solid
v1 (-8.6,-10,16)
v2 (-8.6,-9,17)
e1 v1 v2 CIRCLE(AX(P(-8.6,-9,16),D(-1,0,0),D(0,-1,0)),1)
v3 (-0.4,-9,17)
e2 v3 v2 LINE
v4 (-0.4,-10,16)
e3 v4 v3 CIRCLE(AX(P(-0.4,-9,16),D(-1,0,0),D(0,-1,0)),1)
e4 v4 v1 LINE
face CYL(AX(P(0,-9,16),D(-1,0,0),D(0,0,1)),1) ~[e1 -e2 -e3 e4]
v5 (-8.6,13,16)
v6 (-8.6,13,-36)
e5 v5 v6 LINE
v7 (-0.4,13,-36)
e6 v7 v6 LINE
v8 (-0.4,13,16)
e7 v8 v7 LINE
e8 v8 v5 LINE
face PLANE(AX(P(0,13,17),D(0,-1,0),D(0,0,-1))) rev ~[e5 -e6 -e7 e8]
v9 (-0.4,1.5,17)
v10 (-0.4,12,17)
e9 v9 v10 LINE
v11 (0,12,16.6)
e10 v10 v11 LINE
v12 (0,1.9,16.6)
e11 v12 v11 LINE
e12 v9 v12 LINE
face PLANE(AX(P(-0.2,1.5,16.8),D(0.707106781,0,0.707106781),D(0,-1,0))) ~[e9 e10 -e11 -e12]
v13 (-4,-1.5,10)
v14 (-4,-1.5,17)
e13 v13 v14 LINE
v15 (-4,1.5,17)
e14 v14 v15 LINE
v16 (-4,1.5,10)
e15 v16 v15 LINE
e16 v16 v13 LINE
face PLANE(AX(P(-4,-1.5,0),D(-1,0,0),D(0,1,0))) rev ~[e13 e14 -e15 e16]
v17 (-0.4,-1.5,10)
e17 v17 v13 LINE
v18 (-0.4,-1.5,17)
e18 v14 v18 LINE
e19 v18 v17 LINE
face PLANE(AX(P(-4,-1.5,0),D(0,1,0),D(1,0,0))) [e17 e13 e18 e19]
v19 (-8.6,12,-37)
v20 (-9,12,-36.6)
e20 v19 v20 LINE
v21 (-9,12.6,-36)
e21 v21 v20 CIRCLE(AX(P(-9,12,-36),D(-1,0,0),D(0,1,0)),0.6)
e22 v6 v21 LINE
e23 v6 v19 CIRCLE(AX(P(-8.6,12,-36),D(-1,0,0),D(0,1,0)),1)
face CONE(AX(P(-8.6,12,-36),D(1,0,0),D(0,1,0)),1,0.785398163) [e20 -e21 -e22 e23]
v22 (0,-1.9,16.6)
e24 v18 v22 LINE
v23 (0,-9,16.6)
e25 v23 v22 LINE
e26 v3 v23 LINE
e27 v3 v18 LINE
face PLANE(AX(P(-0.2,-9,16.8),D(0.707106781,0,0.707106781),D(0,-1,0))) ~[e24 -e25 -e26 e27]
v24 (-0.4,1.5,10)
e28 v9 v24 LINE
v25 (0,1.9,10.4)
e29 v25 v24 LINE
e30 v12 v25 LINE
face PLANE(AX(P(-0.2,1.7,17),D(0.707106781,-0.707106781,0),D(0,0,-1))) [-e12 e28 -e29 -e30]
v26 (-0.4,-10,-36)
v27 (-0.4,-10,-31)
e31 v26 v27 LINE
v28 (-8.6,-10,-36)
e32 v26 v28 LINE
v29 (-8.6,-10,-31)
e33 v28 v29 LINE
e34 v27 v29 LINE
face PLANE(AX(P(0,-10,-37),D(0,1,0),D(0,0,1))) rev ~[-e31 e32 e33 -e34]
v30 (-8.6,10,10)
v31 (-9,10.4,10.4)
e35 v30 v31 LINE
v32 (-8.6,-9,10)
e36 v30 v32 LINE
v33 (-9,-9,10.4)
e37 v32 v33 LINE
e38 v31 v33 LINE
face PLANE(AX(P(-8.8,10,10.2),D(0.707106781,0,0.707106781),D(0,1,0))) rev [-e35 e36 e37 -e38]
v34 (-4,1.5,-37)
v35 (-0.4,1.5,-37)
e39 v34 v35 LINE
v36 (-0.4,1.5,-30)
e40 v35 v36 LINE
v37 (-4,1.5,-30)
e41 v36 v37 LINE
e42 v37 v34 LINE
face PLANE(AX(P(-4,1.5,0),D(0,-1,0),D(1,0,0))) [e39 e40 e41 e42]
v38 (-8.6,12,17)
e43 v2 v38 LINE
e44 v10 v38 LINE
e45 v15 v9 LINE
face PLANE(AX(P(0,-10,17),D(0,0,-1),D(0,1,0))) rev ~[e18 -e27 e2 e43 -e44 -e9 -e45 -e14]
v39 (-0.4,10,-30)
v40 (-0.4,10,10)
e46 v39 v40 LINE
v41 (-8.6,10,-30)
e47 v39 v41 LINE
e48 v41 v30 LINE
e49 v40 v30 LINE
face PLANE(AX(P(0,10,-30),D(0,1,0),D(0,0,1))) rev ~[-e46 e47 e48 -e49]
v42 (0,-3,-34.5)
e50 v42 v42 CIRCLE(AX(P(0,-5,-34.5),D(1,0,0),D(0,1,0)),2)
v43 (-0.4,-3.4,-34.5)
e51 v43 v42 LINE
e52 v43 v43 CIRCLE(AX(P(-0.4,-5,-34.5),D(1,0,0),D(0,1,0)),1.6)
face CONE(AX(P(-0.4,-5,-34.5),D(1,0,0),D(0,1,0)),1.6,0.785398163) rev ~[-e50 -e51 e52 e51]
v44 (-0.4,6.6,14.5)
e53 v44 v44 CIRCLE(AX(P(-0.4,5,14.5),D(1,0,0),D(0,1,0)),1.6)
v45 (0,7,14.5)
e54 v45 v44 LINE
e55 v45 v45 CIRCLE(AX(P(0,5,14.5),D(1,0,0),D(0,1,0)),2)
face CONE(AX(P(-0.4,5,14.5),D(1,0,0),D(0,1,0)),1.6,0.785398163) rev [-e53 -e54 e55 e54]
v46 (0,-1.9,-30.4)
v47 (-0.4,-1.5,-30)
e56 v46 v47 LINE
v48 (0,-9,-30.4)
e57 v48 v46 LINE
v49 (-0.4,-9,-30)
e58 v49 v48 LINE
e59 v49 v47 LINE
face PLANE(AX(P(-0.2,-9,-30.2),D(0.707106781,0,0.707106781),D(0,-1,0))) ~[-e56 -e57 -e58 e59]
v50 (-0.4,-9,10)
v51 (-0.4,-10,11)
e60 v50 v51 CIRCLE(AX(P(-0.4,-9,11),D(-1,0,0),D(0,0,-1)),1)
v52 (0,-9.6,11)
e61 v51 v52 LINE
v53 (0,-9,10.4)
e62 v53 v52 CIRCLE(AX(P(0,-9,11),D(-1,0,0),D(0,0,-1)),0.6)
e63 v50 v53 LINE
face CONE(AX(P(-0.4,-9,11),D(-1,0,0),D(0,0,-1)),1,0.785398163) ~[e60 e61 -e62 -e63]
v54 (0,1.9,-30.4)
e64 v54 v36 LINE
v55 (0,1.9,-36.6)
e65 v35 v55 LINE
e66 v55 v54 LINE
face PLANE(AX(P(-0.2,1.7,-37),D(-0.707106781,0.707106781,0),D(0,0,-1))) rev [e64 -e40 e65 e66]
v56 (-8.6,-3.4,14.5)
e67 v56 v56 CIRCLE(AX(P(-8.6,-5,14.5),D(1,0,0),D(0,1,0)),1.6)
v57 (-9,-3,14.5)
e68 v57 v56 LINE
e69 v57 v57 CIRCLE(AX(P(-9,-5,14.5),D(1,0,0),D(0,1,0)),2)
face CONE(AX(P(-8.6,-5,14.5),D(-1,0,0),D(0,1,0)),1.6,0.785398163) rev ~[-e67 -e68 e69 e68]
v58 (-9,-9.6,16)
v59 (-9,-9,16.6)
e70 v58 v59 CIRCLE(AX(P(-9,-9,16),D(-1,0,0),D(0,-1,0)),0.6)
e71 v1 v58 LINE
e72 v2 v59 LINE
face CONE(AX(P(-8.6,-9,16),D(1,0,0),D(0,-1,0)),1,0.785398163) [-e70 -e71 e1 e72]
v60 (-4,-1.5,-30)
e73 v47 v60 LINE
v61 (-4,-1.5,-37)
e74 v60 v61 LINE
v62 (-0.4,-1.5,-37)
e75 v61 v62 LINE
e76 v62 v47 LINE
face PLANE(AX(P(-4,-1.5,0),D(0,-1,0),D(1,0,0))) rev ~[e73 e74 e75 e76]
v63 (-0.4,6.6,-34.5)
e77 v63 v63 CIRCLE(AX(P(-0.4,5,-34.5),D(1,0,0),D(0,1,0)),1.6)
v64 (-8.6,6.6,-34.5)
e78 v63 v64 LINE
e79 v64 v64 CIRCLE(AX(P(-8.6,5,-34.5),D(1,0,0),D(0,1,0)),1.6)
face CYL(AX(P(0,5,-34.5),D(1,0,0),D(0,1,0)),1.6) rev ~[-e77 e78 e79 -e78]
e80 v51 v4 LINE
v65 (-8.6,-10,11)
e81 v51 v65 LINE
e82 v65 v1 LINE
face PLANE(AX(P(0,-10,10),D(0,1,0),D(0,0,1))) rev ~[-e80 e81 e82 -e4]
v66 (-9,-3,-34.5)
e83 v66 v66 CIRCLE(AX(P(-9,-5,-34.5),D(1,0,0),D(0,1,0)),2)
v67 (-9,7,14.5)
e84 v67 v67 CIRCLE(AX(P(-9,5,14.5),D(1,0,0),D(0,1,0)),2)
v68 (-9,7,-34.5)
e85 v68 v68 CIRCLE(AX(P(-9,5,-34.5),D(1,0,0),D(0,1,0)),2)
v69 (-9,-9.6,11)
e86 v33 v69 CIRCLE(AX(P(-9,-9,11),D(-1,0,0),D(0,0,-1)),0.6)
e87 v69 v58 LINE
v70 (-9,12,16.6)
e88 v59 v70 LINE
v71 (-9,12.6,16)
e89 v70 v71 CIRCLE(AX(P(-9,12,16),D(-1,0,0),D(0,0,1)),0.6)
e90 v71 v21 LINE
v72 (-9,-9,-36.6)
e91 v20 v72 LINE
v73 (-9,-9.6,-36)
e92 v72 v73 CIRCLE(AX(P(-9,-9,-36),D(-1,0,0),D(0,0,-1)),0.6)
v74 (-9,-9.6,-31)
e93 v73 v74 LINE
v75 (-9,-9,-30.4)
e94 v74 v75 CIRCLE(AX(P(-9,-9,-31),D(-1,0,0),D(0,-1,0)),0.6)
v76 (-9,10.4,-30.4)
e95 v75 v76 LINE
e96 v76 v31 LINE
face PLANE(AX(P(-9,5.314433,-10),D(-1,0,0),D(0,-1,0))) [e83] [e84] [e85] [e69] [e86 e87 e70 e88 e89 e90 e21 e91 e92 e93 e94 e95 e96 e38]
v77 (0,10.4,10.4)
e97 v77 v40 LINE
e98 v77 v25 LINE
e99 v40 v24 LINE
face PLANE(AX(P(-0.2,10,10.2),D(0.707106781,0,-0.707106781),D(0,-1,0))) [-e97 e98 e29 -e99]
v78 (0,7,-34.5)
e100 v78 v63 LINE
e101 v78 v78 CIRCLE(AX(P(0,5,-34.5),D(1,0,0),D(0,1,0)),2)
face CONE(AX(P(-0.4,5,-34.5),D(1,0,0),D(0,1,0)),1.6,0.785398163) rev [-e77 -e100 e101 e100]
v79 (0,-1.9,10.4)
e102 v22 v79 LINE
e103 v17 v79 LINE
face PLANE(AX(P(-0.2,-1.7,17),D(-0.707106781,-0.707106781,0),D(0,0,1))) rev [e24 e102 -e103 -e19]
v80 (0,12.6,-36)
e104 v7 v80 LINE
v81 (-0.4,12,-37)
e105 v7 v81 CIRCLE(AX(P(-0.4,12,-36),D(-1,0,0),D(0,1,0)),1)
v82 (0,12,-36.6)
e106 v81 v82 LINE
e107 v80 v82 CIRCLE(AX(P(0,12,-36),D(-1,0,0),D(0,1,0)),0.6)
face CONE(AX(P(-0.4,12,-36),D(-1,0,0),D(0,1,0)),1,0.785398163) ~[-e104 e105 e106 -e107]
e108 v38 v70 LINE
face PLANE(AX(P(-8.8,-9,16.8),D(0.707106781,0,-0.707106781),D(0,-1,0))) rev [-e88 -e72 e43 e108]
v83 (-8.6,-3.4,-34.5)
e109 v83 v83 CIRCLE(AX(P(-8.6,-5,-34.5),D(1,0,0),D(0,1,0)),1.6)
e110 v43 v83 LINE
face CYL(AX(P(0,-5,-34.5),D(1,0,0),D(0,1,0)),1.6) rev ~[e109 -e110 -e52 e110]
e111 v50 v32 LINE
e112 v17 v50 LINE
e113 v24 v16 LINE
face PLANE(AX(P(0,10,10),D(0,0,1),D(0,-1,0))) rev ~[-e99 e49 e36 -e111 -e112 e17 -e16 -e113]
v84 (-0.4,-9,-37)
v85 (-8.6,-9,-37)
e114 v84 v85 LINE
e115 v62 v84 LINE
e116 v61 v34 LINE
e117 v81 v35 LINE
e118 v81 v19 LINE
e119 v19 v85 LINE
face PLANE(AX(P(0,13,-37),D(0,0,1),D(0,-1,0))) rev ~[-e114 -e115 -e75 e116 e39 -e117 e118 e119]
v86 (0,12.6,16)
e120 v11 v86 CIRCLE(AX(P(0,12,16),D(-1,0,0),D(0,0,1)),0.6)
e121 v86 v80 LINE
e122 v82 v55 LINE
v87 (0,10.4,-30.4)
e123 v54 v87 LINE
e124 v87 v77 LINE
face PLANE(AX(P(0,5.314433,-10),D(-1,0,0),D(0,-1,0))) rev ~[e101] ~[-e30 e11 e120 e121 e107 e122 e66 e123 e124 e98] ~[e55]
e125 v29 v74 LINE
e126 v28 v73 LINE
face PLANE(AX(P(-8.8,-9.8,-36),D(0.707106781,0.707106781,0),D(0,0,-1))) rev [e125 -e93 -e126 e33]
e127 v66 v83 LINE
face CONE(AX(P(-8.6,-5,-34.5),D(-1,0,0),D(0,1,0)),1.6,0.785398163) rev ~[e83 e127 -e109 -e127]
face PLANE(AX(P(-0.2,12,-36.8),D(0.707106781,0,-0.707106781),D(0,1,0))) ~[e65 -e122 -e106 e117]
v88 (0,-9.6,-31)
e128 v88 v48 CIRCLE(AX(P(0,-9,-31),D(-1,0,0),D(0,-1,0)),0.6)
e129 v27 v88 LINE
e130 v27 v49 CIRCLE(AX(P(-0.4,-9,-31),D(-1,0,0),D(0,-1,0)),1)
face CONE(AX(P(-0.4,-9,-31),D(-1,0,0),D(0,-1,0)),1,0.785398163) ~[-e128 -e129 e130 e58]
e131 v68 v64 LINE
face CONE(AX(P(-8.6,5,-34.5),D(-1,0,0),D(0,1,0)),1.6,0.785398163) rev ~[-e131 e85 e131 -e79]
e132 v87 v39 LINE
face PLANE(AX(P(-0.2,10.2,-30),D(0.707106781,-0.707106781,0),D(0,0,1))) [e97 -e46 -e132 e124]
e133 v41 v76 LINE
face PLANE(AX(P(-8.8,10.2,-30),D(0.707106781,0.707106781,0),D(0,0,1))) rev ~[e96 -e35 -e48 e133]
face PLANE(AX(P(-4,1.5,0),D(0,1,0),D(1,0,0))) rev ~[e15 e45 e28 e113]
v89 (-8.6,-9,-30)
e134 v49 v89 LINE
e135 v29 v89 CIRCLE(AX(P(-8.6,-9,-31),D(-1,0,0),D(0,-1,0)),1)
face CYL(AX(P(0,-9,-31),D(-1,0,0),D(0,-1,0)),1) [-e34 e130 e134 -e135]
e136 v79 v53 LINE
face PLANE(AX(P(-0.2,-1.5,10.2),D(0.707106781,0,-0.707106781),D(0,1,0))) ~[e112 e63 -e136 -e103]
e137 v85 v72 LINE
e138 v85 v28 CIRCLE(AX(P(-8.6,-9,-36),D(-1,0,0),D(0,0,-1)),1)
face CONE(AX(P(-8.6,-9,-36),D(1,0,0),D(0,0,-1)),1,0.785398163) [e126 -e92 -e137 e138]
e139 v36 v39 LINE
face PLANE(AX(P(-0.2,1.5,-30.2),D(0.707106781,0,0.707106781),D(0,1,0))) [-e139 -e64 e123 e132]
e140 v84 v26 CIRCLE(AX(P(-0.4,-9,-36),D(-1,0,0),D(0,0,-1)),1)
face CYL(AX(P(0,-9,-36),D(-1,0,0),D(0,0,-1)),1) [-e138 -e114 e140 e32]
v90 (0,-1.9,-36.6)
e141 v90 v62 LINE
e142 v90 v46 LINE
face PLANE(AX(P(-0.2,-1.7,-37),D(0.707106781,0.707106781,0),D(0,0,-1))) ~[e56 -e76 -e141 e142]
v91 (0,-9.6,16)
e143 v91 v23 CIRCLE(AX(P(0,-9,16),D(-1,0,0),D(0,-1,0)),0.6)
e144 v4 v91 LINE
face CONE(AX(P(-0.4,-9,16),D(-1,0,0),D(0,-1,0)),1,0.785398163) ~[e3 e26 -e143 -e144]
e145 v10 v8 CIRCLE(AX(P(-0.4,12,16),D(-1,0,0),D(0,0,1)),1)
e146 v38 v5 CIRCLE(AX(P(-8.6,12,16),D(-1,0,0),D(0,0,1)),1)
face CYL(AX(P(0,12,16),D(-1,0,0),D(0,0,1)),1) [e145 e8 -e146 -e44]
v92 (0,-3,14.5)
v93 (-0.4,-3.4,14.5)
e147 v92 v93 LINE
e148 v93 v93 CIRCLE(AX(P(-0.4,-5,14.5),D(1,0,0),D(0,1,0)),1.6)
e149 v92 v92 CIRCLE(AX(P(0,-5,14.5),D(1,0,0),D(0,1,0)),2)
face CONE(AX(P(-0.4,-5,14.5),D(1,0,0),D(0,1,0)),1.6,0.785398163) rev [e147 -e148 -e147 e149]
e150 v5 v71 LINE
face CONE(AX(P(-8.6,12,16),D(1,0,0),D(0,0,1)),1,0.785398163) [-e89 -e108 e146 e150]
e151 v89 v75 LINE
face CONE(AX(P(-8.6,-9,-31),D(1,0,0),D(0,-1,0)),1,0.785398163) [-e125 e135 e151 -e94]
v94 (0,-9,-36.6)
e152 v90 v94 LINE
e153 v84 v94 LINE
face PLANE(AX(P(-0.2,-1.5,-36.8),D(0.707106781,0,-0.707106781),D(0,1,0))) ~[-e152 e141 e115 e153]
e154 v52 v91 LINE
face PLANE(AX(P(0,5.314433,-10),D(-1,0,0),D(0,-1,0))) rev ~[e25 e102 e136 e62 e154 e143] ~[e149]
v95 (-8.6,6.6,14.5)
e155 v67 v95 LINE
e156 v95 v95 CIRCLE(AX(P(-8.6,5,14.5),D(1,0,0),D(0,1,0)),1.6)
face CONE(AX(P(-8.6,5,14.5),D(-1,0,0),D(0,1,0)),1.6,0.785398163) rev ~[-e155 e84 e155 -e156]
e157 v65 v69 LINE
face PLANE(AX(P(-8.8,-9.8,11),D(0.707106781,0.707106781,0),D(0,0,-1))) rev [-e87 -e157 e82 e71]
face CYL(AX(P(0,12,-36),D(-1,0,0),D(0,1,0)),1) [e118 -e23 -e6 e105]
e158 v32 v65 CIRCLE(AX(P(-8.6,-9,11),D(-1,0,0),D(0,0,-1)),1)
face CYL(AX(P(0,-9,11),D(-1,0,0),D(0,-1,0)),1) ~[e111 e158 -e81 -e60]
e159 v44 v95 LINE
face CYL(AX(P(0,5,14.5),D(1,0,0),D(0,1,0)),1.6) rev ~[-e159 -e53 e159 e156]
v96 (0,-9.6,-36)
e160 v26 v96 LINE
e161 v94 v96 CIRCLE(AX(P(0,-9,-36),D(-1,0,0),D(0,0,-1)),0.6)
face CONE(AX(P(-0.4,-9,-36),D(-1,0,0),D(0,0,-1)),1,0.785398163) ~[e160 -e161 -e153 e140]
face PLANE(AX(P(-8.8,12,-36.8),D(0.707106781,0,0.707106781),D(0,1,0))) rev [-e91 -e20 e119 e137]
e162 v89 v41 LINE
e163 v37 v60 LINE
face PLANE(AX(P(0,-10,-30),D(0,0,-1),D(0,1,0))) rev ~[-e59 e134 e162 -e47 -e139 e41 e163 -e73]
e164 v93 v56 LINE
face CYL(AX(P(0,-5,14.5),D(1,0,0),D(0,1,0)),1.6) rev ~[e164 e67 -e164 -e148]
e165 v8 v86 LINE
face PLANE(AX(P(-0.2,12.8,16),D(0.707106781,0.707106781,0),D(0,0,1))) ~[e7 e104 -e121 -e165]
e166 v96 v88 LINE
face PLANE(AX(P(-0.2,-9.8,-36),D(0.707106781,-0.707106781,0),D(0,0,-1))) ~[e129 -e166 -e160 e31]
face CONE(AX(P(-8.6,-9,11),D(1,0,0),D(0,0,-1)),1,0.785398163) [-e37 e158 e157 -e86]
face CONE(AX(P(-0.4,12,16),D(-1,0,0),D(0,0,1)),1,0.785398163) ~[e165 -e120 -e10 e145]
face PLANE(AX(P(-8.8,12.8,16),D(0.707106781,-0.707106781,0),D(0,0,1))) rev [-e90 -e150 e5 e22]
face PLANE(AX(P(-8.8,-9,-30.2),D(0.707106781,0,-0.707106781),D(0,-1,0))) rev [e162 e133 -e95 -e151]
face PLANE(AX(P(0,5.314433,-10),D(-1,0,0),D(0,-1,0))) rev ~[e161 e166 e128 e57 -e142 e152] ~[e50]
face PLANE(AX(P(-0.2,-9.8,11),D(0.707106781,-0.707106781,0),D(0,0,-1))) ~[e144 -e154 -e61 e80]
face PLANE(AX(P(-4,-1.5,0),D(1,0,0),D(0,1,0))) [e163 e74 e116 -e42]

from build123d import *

# Parameters (mm, degrees)
SKETCH044_R       = 1.6
PAD025_DEPTH      = 9
FILLET013_R       = 1
SKETCH075_W       = 8
SKETCH075_H       = 3
POCKET_DEPTH      = 37.001
POCKET_DEPTH_BACK = -17.001
CHAMFER_SIZE      = 0.4


with BuildPart() as part:
    # Sketch044 → Pad025 (new body)
    with BuildSketch(Plane.YZ):
        Polygon((-10, 17), (13, 17), (13, -37), (-10, -37), (-10, -30), (10, -30), (10, 10), (-10, 10), align=None)
        with Locations((-5, 14.5)):
            Circle(SKETCH044_R, mode=Mode.SUBTRACT)
        with Locations((5, 14.5)):
            Circle(SKETCH044_R, mode=Mode.SUBTRACT)
        with Locations((-5, -34.5)):
            Circle(SKETCH044_R, mode=Mode.SUBTRACT)
        with Locations((5, -34.5)):
            Circle(SKETCH044_R, mode=Mode.SUBTRACT)
    extrude(amount=-PAD025_DEPTH)

    # Fillet013
    fillet013_edges = [part.edges().sort_by_distance(p)[0] for p in [
        (-4.5, -10, 17),
        (-4.5, -10, 10),
        (-4.5, -10, -30),
        (-4.5, -10, -37),
        (-4.5, 13, -37),
        (-4.5, 13, 17),
    ]]
    fillet(fillet013_edges, radius=FILLET013_R)

    # Sketch075 (on XY_Plane042 of Origin045) → Pocket (cut, two sides)
    with BuildSketch(Plane.XY) as pocket_sk:
        Rectangle(SKETCH075_W, SKETCH075_H)
    extrude(amount=-POCKET_DEPTH, mode=Mode.SUBTRACT)
    extrude(pocket_sk.sketch, amount=-POCKET_DEPTH_BACK, mode=Mode.SUBTRACT)

    # Chamfer
    chamfer_edges = [part.edges().sort_by_distance(p)[0] for p in [
        (0, 6.75, 17),
        (0, 12.707107, 16.707107),
        (0, 13, -10),
        (0, 12.707107, -36.707107),
        (0, 6.75, -37),
        (0, 1.5, -33.5),
        (0, 5.75, -30),
        (0, 10, -10),
        (0, 5.75, 10),
        (0, 1.5, 13.5),
        (0, 3.4, -34.5),
        (0, 3.4, 14.5),
        (0, -5.25, 17),
        (0, -1.5, 13.5),
        (0, -5.25, 10),
        (0, -9.707107, 10.292893),
        (0, -10, 13.5),
        (0, -9.707107, 16.707107),
        (0, -6.6, 14.5),
        (0, -1.5, -33.5),
        (0, -5.25, -37),
        (0, -9.707107, -36.707107),
        (0, -10, -33.5),
        (0, -9.707107, -30.292893),
        (0, -5.25, -30),
        (0, -6.6, -34.5),
        (-9, 1.5, 17),
        (-9, -9.707107, 16.707107),
        (-9, 12.707107, 16.707107),
        (-9, -10, 13.5),
        (-9, 13, -10),
        (-9, -9.707107, 10.292893),
        (-9, 12.707107, -36.707107),
        (-9, 0.5, 10),
        (-9, 1.5, -37),
        (-9, 10, -10),
        (-9, -9.707107, -36.707107),
        (-9, 0.5, -30),
        (-9, -10, -33.5),
        (-9, -9.707107, -30.292893),
        (-9, -6.6, 14.5),
        (-9, 3.4, 14.5),
        (-9, -6.6, -34.5),
        (-9, 3.4, -34.5),
    ]]
    chamfer(chamfer_edges, length=CHAMFER_SIZE)


solid = part.part
